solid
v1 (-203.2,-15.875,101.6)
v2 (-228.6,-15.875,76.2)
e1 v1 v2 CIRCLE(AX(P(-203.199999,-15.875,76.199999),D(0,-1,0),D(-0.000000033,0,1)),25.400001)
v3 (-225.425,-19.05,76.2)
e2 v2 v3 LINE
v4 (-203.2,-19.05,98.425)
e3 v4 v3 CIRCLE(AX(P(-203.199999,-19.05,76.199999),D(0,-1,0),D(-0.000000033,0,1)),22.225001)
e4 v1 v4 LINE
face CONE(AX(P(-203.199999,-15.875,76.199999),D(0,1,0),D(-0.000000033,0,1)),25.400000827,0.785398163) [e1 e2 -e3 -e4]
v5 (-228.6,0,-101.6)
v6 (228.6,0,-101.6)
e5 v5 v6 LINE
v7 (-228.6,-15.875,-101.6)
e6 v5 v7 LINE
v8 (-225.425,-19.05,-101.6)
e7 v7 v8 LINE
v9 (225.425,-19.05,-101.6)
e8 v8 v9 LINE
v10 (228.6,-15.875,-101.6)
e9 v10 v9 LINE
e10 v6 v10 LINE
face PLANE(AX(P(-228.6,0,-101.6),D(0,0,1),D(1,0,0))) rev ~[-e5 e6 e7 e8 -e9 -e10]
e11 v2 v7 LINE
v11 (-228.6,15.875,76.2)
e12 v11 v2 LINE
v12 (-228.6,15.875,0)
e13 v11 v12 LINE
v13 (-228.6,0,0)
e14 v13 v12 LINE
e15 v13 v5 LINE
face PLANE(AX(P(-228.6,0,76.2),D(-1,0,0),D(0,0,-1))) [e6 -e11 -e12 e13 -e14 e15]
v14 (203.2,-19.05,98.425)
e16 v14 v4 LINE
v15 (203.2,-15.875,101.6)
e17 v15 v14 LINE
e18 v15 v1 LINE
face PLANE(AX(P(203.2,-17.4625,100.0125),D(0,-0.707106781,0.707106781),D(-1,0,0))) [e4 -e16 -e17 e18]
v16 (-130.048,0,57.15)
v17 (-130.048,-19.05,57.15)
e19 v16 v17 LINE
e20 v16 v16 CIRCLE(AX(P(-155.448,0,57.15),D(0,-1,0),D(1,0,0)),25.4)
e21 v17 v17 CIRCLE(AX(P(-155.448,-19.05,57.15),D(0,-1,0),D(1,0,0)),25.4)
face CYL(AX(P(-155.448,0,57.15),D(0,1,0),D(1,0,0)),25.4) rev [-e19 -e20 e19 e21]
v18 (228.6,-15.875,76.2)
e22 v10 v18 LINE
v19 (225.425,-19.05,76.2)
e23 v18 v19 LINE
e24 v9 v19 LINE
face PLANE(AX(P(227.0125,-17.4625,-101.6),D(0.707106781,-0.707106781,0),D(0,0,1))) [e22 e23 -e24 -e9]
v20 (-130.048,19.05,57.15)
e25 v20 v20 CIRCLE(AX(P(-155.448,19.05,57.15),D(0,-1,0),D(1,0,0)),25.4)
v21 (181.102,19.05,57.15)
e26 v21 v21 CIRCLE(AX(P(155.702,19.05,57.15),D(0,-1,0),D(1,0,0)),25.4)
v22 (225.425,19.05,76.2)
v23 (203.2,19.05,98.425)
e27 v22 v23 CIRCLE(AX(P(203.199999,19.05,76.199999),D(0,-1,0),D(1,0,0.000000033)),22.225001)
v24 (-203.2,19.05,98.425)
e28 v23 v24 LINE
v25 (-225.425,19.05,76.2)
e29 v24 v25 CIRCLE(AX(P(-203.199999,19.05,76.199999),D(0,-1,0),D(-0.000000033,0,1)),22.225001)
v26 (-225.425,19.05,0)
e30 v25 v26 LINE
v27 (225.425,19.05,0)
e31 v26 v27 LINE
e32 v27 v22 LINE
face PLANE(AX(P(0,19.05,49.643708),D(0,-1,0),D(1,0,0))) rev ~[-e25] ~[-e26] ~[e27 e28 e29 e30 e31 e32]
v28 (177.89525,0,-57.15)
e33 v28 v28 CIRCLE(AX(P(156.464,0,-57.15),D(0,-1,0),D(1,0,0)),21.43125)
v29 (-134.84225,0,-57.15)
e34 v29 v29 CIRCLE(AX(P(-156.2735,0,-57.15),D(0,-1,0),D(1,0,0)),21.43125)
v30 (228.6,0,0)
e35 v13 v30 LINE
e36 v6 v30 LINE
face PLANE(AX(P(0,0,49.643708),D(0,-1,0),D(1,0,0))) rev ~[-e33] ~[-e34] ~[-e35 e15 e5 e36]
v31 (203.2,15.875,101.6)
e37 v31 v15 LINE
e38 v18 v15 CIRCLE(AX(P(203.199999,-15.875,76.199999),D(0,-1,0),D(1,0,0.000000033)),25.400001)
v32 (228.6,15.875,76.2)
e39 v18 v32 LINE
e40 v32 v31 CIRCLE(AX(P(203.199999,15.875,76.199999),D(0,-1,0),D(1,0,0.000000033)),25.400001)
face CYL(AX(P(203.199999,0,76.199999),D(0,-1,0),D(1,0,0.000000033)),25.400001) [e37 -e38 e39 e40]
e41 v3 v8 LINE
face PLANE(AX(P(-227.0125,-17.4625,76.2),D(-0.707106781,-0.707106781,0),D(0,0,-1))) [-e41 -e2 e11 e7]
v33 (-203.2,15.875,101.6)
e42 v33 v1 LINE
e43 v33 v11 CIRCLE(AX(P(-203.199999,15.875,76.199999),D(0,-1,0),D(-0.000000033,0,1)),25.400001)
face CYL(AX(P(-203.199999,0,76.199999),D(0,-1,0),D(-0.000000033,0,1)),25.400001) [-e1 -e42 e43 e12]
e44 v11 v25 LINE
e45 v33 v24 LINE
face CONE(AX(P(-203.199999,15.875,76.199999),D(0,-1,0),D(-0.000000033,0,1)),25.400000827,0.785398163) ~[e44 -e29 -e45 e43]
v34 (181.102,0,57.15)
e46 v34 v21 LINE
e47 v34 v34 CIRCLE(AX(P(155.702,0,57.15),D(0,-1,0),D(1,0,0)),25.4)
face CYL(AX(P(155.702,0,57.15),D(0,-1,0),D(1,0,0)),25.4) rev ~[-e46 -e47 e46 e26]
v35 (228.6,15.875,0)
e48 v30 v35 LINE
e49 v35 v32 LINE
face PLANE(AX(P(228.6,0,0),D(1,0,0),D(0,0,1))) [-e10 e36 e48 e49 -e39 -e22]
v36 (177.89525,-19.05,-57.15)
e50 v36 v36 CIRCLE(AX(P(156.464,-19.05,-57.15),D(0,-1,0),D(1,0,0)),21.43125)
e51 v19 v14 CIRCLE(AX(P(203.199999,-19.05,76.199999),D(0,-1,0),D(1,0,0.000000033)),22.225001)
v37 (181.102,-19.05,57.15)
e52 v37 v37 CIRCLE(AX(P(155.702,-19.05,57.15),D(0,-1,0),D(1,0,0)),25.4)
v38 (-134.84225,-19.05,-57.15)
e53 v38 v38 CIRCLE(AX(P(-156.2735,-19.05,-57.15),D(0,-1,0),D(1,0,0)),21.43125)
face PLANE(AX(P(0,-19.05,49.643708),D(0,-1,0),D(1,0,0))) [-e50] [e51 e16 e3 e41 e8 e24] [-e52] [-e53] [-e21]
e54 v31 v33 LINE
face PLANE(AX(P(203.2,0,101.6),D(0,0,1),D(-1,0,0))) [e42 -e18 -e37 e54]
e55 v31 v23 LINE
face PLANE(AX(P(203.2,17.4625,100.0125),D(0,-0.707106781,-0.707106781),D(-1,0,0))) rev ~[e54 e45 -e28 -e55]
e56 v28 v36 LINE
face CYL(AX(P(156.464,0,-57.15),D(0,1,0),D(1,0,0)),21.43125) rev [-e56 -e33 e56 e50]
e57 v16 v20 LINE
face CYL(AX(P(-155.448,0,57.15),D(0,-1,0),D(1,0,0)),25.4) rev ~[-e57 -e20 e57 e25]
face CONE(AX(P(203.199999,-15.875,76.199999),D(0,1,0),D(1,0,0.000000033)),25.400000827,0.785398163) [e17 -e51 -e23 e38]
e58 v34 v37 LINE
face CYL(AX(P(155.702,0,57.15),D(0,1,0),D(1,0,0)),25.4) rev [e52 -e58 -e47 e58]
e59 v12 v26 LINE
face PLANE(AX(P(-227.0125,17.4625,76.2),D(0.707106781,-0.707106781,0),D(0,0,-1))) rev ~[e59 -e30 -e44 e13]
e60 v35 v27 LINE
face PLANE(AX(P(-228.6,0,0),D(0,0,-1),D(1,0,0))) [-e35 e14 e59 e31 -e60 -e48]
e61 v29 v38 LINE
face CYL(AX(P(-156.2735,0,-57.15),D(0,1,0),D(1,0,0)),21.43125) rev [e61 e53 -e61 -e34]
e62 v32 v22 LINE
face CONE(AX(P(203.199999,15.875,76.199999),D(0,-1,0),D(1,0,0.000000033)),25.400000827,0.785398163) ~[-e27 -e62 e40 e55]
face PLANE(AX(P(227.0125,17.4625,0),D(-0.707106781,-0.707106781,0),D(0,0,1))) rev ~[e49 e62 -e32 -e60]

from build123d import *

# Parameters (mm, degrees)
F0_R     = 25.4
F0_W     = 457.2
F0_H     = 101.6
F0_R_2   = 21.43125
F1_DEPTH = 19.05
F2_DEPTH = 19.05
F3_SIZE  = 3.175


with BuildPart() as f1:
    # F0 (on Front) → F1 (new body)
    with BuildSketch(Plane.XZ):
        with BuildLine():
            ThreePointArc((228.6, 76.2), (221.160512, 94.160512), (203.2, 101.6))
            Line((203.2, 101.6), (-203.2, 101.6))
            ThreePointArc((-203.2, 101.6), (-221.160512, 94.160512), (-228.6, 76.2))
            Line((-228.6, 76.2), (-228.6, 0))
            Line((-228.6, 0), (228.6, 0))
            Line((228.6, 0), (228.6, 76.2))
        make_face()
        with Locations((-155.448, 57.15)):
            Circle(F0_R, mode=Mode.SUBTRACT)
        with Locations((155.702, 57.15)):
            Circle(F0_R, mode=Mode.SUBTRACT)
        with Locations((0, -50.8)):
            Rectangle(F0_W, F0_H)
        with Locations((-156.2735, -57.15)):
            Circle(F0_R_2, mode=Mode.SUBTRACT)
        with Locations((156.464, -57.15)):
            Circle(F0_R_2, mode=Mode.SUBTRACT)
    extrude(amount=F1_DEPTH)

    # F0 (on Front) → F2 (join)
    with BuildSketch(Plane.XZ):
        with BuildLine():
            ThreePointArc((228.6, 76.2), (221.160512, 94.160512), (203.2, 101.6))
            Line((203.2, 101.6), (-203.2, 101.6))
            ThreePointArc((-203.2, 101.6), (-221.160512, 94.160512), (-228.6, 76.2))
            Line((-228.6, 76.2), (-228.6, 0))
            Line((-228.6, 0), (228.6, 0))
            Line((228.6, 0), (228.6, 76.2))
        make_face()
        with Locations((-155.448, 57.15)):
            Circle(F0_R, mode=Mode.SUBTRACT)
        with Locations((155.702, 57.15)):
            Circle(F0_R, mode=Mode.SUBTRACT)
    extrude(amount=-F2_DEPTH)

    # F3
    f3_edges = [f1.edges().sort_by_distance(p)[0] for p in [
        (-203.2, 0, 101.6),
        (-228.6, -19.05, -12.7),
        (-228.6, 19.05, 38.1),
    ]]
    chamfer(f3_edges, length=F3_SIZE)


solid = f1.part
